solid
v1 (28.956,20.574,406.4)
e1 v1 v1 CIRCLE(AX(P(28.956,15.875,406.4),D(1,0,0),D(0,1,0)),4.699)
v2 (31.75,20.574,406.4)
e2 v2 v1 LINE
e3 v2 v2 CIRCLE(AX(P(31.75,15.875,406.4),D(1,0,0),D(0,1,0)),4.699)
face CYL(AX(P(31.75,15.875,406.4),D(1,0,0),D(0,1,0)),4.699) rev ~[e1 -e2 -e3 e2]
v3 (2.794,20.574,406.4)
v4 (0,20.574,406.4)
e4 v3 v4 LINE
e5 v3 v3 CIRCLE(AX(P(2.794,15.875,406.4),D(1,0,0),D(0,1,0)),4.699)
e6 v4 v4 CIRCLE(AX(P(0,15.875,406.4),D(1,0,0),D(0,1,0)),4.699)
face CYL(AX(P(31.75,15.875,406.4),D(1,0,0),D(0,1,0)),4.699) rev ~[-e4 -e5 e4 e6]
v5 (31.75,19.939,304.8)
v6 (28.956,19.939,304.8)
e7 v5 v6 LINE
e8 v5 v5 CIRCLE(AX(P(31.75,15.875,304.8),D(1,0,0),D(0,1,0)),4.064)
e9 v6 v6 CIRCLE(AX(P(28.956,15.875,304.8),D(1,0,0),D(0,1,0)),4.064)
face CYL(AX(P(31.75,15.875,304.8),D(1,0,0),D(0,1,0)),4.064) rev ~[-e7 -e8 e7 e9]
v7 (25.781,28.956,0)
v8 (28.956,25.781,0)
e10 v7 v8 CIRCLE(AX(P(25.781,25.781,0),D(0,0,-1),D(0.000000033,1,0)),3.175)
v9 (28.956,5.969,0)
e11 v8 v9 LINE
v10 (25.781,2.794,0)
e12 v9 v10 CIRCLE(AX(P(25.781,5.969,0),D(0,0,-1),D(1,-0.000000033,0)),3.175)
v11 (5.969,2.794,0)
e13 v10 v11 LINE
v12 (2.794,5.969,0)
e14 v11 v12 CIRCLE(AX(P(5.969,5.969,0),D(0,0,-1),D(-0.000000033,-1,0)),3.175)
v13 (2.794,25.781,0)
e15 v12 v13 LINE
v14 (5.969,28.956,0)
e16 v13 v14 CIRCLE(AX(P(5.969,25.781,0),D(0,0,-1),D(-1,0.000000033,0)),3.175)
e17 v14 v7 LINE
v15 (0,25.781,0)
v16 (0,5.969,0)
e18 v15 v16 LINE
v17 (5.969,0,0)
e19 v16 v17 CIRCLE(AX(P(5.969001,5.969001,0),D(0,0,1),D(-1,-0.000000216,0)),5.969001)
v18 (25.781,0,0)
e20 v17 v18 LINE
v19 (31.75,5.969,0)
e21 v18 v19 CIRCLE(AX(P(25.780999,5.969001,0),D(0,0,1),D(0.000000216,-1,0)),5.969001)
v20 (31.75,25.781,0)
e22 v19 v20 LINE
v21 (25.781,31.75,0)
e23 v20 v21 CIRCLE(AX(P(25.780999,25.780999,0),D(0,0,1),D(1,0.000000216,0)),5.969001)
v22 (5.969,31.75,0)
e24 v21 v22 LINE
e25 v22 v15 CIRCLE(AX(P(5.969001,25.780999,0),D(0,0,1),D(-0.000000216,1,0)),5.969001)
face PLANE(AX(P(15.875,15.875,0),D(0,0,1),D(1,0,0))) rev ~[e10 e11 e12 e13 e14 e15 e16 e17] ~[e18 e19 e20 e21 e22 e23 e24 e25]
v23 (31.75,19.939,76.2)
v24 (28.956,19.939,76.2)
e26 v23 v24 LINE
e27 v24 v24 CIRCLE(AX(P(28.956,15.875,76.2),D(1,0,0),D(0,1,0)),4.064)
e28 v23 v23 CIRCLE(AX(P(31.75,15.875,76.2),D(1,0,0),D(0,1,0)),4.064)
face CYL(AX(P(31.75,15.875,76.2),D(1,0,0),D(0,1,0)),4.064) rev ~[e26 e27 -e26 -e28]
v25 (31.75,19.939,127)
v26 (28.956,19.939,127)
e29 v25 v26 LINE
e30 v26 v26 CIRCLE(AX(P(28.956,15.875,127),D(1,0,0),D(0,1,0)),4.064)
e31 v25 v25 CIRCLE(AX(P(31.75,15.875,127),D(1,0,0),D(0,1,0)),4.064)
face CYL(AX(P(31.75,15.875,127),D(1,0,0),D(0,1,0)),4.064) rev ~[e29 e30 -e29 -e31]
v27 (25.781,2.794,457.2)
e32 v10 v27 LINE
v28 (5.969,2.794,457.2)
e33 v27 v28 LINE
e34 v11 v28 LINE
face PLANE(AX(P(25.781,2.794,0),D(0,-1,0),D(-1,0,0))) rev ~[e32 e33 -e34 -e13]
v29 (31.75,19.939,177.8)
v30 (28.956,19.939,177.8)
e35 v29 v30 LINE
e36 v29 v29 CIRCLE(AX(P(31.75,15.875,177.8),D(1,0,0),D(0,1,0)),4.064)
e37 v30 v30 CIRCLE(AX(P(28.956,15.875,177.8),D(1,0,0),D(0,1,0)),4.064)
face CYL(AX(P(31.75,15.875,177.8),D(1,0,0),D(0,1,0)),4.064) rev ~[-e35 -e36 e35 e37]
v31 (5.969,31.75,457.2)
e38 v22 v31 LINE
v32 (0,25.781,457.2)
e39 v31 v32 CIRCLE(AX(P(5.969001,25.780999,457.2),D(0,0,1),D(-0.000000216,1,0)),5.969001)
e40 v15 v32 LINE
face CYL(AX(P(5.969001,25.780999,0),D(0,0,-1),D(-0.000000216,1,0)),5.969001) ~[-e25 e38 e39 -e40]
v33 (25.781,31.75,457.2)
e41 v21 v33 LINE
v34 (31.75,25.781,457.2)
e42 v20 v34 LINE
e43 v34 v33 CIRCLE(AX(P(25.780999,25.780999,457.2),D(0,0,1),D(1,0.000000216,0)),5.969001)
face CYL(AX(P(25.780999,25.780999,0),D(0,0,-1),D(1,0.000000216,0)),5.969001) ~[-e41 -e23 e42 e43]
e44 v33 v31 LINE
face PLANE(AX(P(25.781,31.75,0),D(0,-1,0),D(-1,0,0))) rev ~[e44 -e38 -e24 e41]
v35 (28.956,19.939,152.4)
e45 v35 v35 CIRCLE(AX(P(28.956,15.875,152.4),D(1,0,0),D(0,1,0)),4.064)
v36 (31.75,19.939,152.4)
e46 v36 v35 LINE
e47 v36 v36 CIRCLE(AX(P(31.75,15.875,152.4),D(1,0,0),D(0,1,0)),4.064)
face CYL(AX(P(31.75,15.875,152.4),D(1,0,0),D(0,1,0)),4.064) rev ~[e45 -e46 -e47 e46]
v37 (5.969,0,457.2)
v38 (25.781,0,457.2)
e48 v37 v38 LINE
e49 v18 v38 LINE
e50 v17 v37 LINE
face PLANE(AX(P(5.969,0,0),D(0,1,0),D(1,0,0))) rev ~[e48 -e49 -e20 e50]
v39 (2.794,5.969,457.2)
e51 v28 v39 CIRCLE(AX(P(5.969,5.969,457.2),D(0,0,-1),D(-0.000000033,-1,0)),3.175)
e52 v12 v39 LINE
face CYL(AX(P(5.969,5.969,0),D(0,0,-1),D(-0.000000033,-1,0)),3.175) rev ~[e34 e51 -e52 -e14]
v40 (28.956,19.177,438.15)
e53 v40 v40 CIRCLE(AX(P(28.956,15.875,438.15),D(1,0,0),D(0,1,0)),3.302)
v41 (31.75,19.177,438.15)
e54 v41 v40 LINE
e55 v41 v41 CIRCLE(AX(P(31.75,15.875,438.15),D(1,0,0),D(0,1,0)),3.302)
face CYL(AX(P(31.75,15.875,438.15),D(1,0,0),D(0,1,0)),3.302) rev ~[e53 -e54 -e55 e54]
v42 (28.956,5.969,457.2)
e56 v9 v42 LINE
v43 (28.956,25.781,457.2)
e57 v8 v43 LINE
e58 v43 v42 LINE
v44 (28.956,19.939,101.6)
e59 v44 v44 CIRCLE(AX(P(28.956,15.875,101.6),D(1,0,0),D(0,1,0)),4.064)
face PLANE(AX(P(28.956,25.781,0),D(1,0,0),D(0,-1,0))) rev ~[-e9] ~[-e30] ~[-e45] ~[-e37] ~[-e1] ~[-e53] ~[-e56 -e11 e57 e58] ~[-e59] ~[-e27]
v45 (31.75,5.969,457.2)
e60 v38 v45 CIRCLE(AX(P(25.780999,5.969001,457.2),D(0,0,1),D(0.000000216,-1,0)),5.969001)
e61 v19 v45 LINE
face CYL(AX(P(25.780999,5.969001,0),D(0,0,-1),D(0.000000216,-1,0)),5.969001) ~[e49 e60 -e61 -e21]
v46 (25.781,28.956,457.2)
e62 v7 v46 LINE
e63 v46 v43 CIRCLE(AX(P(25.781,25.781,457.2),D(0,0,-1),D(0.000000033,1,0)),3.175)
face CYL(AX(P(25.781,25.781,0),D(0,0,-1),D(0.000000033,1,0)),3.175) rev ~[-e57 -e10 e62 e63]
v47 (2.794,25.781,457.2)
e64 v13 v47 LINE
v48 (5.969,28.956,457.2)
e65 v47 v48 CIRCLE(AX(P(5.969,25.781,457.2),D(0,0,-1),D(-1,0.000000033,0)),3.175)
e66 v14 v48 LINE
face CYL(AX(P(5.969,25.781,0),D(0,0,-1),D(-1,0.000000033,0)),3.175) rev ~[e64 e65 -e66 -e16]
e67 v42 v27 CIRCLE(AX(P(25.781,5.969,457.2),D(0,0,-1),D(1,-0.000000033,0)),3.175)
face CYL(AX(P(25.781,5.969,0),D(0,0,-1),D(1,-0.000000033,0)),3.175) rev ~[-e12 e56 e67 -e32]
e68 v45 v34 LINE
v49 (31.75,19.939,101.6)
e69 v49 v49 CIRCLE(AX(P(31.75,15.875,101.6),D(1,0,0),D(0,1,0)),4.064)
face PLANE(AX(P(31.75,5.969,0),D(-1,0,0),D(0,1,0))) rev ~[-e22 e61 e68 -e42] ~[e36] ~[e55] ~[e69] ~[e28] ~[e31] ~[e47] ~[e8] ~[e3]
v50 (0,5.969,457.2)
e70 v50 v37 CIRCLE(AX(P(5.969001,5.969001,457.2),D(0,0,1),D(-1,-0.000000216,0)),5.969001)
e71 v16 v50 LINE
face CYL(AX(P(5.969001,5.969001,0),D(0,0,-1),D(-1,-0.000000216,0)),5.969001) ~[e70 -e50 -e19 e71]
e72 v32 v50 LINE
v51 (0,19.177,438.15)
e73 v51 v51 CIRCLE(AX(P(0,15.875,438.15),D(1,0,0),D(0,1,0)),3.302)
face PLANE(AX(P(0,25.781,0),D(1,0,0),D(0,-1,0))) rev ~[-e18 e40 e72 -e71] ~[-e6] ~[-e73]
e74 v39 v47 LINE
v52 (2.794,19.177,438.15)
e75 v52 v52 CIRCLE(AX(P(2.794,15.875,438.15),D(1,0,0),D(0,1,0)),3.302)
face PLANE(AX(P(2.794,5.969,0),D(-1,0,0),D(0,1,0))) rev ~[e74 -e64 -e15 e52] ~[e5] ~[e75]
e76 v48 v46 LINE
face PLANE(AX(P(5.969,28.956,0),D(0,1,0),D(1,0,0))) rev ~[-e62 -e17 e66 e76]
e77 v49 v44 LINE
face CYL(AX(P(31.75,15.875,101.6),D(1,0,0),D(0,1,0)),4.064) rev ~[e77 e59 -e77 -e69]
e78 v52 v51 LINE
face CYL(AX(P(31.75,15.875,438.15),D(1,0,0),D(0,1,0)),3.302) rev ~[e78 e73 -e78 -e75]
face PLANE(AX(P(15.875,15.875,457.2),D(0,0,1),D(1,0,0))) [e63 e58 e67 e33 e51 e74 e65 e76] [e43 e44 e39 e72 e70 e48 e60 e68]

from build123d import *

# Parameters (mm, degrees)
F1_DEPTH = 457.2
F2_R     = 3.302
F2_R_2   = 4.699
F3_DEPTH = 31.751
F4_R     = 4.064
F5_DEPTH = 2.794


with BuildPart() as f1:
    # F0 (on Top) → F1 (new body)
    with BuildSketch(Plane.XY):
        with BuildLine():
            ThreePointArc((0, 5.969), (1.74828, 1.74828), (5.969, 0))
            Line((5.969, 0), (25.781, 0))
            ThreePointArc((25.781, 0), (30.00172, 1.74828), (31.75, 5.969))
            Line((31.75, 5.969), (31.75, 25.781))
            ThreePointArc((31.75, 25.781), (30.00172, 30.00172), (25.781, 31.75))
            Line((25.781, 31.75), (5.969, 31.75))
            ThreePointArc((5.969, 31.75), (1.74828, 30.00172), (0, 25.781))
            Line((0, 25.781), (0, 5.969))
        make_face()
        with BuildLine():
            ThreePointArc((5.969, 2.794), (3.723936, 3.723936), (2.794, 5.969))
            Line((2.794, 5.969), (2.794, 25.781))
            ThreePointArc((2.794, 25.781), (3.723936, 28.026064), (5.969, 28.956))
            Line((5.969, 28.956), (25.781, 28.956))
            ThreePointArc((25.781, 28.956), (28.026064, 28.026064), (28.956, 25.781))
            Line((28.956, 25.781), (28.956, 5.969))
            ThreePointArc((28.956, 5.969), (28.026064, 3.723936), (25.781, 2.794))
            Line((25.781, 2.794), (5.969, 2.794))
        make_face(mode=Mode.SUBTRACT)
    extrude(amount=F1_DEPTH)

    # F2 (on face) → F3 (cut, through all)
    with BuildSketch(Plane.YZ.offset(31.75)):
        with Locations((15.875, 438.15)):
            Circle(F2_R)
        with Locations((15.875, 406.4)):
            Circle(F2_R_2)
    extrude(amount=-F3_DEPTH, mode=Mode.SUBTRACT)

    # F4 (on face) → F5 (cut, through all)
    with BuildSketch(Plane.YZ.offset(31.75)):
        with Locations((15.875, 76.2)):
            Circle(F4_R)
        with Locations((15.875, 101.6)):
            Circle(F4_R)
        with Locations((15.875, 127)):
            Circle(F4_R)
        with Locations((15.875, 152.4)):
            Circle(F4_R)
        with Locations((15.875, 177.8)):
            Circle(F4_R)
        with Locations((15.875, 304.8)):
            Circle(F4_R)
    extrude(amount=-F5_DEPTH, mode=Mode.SUBTRACT)


solid = f1.part
